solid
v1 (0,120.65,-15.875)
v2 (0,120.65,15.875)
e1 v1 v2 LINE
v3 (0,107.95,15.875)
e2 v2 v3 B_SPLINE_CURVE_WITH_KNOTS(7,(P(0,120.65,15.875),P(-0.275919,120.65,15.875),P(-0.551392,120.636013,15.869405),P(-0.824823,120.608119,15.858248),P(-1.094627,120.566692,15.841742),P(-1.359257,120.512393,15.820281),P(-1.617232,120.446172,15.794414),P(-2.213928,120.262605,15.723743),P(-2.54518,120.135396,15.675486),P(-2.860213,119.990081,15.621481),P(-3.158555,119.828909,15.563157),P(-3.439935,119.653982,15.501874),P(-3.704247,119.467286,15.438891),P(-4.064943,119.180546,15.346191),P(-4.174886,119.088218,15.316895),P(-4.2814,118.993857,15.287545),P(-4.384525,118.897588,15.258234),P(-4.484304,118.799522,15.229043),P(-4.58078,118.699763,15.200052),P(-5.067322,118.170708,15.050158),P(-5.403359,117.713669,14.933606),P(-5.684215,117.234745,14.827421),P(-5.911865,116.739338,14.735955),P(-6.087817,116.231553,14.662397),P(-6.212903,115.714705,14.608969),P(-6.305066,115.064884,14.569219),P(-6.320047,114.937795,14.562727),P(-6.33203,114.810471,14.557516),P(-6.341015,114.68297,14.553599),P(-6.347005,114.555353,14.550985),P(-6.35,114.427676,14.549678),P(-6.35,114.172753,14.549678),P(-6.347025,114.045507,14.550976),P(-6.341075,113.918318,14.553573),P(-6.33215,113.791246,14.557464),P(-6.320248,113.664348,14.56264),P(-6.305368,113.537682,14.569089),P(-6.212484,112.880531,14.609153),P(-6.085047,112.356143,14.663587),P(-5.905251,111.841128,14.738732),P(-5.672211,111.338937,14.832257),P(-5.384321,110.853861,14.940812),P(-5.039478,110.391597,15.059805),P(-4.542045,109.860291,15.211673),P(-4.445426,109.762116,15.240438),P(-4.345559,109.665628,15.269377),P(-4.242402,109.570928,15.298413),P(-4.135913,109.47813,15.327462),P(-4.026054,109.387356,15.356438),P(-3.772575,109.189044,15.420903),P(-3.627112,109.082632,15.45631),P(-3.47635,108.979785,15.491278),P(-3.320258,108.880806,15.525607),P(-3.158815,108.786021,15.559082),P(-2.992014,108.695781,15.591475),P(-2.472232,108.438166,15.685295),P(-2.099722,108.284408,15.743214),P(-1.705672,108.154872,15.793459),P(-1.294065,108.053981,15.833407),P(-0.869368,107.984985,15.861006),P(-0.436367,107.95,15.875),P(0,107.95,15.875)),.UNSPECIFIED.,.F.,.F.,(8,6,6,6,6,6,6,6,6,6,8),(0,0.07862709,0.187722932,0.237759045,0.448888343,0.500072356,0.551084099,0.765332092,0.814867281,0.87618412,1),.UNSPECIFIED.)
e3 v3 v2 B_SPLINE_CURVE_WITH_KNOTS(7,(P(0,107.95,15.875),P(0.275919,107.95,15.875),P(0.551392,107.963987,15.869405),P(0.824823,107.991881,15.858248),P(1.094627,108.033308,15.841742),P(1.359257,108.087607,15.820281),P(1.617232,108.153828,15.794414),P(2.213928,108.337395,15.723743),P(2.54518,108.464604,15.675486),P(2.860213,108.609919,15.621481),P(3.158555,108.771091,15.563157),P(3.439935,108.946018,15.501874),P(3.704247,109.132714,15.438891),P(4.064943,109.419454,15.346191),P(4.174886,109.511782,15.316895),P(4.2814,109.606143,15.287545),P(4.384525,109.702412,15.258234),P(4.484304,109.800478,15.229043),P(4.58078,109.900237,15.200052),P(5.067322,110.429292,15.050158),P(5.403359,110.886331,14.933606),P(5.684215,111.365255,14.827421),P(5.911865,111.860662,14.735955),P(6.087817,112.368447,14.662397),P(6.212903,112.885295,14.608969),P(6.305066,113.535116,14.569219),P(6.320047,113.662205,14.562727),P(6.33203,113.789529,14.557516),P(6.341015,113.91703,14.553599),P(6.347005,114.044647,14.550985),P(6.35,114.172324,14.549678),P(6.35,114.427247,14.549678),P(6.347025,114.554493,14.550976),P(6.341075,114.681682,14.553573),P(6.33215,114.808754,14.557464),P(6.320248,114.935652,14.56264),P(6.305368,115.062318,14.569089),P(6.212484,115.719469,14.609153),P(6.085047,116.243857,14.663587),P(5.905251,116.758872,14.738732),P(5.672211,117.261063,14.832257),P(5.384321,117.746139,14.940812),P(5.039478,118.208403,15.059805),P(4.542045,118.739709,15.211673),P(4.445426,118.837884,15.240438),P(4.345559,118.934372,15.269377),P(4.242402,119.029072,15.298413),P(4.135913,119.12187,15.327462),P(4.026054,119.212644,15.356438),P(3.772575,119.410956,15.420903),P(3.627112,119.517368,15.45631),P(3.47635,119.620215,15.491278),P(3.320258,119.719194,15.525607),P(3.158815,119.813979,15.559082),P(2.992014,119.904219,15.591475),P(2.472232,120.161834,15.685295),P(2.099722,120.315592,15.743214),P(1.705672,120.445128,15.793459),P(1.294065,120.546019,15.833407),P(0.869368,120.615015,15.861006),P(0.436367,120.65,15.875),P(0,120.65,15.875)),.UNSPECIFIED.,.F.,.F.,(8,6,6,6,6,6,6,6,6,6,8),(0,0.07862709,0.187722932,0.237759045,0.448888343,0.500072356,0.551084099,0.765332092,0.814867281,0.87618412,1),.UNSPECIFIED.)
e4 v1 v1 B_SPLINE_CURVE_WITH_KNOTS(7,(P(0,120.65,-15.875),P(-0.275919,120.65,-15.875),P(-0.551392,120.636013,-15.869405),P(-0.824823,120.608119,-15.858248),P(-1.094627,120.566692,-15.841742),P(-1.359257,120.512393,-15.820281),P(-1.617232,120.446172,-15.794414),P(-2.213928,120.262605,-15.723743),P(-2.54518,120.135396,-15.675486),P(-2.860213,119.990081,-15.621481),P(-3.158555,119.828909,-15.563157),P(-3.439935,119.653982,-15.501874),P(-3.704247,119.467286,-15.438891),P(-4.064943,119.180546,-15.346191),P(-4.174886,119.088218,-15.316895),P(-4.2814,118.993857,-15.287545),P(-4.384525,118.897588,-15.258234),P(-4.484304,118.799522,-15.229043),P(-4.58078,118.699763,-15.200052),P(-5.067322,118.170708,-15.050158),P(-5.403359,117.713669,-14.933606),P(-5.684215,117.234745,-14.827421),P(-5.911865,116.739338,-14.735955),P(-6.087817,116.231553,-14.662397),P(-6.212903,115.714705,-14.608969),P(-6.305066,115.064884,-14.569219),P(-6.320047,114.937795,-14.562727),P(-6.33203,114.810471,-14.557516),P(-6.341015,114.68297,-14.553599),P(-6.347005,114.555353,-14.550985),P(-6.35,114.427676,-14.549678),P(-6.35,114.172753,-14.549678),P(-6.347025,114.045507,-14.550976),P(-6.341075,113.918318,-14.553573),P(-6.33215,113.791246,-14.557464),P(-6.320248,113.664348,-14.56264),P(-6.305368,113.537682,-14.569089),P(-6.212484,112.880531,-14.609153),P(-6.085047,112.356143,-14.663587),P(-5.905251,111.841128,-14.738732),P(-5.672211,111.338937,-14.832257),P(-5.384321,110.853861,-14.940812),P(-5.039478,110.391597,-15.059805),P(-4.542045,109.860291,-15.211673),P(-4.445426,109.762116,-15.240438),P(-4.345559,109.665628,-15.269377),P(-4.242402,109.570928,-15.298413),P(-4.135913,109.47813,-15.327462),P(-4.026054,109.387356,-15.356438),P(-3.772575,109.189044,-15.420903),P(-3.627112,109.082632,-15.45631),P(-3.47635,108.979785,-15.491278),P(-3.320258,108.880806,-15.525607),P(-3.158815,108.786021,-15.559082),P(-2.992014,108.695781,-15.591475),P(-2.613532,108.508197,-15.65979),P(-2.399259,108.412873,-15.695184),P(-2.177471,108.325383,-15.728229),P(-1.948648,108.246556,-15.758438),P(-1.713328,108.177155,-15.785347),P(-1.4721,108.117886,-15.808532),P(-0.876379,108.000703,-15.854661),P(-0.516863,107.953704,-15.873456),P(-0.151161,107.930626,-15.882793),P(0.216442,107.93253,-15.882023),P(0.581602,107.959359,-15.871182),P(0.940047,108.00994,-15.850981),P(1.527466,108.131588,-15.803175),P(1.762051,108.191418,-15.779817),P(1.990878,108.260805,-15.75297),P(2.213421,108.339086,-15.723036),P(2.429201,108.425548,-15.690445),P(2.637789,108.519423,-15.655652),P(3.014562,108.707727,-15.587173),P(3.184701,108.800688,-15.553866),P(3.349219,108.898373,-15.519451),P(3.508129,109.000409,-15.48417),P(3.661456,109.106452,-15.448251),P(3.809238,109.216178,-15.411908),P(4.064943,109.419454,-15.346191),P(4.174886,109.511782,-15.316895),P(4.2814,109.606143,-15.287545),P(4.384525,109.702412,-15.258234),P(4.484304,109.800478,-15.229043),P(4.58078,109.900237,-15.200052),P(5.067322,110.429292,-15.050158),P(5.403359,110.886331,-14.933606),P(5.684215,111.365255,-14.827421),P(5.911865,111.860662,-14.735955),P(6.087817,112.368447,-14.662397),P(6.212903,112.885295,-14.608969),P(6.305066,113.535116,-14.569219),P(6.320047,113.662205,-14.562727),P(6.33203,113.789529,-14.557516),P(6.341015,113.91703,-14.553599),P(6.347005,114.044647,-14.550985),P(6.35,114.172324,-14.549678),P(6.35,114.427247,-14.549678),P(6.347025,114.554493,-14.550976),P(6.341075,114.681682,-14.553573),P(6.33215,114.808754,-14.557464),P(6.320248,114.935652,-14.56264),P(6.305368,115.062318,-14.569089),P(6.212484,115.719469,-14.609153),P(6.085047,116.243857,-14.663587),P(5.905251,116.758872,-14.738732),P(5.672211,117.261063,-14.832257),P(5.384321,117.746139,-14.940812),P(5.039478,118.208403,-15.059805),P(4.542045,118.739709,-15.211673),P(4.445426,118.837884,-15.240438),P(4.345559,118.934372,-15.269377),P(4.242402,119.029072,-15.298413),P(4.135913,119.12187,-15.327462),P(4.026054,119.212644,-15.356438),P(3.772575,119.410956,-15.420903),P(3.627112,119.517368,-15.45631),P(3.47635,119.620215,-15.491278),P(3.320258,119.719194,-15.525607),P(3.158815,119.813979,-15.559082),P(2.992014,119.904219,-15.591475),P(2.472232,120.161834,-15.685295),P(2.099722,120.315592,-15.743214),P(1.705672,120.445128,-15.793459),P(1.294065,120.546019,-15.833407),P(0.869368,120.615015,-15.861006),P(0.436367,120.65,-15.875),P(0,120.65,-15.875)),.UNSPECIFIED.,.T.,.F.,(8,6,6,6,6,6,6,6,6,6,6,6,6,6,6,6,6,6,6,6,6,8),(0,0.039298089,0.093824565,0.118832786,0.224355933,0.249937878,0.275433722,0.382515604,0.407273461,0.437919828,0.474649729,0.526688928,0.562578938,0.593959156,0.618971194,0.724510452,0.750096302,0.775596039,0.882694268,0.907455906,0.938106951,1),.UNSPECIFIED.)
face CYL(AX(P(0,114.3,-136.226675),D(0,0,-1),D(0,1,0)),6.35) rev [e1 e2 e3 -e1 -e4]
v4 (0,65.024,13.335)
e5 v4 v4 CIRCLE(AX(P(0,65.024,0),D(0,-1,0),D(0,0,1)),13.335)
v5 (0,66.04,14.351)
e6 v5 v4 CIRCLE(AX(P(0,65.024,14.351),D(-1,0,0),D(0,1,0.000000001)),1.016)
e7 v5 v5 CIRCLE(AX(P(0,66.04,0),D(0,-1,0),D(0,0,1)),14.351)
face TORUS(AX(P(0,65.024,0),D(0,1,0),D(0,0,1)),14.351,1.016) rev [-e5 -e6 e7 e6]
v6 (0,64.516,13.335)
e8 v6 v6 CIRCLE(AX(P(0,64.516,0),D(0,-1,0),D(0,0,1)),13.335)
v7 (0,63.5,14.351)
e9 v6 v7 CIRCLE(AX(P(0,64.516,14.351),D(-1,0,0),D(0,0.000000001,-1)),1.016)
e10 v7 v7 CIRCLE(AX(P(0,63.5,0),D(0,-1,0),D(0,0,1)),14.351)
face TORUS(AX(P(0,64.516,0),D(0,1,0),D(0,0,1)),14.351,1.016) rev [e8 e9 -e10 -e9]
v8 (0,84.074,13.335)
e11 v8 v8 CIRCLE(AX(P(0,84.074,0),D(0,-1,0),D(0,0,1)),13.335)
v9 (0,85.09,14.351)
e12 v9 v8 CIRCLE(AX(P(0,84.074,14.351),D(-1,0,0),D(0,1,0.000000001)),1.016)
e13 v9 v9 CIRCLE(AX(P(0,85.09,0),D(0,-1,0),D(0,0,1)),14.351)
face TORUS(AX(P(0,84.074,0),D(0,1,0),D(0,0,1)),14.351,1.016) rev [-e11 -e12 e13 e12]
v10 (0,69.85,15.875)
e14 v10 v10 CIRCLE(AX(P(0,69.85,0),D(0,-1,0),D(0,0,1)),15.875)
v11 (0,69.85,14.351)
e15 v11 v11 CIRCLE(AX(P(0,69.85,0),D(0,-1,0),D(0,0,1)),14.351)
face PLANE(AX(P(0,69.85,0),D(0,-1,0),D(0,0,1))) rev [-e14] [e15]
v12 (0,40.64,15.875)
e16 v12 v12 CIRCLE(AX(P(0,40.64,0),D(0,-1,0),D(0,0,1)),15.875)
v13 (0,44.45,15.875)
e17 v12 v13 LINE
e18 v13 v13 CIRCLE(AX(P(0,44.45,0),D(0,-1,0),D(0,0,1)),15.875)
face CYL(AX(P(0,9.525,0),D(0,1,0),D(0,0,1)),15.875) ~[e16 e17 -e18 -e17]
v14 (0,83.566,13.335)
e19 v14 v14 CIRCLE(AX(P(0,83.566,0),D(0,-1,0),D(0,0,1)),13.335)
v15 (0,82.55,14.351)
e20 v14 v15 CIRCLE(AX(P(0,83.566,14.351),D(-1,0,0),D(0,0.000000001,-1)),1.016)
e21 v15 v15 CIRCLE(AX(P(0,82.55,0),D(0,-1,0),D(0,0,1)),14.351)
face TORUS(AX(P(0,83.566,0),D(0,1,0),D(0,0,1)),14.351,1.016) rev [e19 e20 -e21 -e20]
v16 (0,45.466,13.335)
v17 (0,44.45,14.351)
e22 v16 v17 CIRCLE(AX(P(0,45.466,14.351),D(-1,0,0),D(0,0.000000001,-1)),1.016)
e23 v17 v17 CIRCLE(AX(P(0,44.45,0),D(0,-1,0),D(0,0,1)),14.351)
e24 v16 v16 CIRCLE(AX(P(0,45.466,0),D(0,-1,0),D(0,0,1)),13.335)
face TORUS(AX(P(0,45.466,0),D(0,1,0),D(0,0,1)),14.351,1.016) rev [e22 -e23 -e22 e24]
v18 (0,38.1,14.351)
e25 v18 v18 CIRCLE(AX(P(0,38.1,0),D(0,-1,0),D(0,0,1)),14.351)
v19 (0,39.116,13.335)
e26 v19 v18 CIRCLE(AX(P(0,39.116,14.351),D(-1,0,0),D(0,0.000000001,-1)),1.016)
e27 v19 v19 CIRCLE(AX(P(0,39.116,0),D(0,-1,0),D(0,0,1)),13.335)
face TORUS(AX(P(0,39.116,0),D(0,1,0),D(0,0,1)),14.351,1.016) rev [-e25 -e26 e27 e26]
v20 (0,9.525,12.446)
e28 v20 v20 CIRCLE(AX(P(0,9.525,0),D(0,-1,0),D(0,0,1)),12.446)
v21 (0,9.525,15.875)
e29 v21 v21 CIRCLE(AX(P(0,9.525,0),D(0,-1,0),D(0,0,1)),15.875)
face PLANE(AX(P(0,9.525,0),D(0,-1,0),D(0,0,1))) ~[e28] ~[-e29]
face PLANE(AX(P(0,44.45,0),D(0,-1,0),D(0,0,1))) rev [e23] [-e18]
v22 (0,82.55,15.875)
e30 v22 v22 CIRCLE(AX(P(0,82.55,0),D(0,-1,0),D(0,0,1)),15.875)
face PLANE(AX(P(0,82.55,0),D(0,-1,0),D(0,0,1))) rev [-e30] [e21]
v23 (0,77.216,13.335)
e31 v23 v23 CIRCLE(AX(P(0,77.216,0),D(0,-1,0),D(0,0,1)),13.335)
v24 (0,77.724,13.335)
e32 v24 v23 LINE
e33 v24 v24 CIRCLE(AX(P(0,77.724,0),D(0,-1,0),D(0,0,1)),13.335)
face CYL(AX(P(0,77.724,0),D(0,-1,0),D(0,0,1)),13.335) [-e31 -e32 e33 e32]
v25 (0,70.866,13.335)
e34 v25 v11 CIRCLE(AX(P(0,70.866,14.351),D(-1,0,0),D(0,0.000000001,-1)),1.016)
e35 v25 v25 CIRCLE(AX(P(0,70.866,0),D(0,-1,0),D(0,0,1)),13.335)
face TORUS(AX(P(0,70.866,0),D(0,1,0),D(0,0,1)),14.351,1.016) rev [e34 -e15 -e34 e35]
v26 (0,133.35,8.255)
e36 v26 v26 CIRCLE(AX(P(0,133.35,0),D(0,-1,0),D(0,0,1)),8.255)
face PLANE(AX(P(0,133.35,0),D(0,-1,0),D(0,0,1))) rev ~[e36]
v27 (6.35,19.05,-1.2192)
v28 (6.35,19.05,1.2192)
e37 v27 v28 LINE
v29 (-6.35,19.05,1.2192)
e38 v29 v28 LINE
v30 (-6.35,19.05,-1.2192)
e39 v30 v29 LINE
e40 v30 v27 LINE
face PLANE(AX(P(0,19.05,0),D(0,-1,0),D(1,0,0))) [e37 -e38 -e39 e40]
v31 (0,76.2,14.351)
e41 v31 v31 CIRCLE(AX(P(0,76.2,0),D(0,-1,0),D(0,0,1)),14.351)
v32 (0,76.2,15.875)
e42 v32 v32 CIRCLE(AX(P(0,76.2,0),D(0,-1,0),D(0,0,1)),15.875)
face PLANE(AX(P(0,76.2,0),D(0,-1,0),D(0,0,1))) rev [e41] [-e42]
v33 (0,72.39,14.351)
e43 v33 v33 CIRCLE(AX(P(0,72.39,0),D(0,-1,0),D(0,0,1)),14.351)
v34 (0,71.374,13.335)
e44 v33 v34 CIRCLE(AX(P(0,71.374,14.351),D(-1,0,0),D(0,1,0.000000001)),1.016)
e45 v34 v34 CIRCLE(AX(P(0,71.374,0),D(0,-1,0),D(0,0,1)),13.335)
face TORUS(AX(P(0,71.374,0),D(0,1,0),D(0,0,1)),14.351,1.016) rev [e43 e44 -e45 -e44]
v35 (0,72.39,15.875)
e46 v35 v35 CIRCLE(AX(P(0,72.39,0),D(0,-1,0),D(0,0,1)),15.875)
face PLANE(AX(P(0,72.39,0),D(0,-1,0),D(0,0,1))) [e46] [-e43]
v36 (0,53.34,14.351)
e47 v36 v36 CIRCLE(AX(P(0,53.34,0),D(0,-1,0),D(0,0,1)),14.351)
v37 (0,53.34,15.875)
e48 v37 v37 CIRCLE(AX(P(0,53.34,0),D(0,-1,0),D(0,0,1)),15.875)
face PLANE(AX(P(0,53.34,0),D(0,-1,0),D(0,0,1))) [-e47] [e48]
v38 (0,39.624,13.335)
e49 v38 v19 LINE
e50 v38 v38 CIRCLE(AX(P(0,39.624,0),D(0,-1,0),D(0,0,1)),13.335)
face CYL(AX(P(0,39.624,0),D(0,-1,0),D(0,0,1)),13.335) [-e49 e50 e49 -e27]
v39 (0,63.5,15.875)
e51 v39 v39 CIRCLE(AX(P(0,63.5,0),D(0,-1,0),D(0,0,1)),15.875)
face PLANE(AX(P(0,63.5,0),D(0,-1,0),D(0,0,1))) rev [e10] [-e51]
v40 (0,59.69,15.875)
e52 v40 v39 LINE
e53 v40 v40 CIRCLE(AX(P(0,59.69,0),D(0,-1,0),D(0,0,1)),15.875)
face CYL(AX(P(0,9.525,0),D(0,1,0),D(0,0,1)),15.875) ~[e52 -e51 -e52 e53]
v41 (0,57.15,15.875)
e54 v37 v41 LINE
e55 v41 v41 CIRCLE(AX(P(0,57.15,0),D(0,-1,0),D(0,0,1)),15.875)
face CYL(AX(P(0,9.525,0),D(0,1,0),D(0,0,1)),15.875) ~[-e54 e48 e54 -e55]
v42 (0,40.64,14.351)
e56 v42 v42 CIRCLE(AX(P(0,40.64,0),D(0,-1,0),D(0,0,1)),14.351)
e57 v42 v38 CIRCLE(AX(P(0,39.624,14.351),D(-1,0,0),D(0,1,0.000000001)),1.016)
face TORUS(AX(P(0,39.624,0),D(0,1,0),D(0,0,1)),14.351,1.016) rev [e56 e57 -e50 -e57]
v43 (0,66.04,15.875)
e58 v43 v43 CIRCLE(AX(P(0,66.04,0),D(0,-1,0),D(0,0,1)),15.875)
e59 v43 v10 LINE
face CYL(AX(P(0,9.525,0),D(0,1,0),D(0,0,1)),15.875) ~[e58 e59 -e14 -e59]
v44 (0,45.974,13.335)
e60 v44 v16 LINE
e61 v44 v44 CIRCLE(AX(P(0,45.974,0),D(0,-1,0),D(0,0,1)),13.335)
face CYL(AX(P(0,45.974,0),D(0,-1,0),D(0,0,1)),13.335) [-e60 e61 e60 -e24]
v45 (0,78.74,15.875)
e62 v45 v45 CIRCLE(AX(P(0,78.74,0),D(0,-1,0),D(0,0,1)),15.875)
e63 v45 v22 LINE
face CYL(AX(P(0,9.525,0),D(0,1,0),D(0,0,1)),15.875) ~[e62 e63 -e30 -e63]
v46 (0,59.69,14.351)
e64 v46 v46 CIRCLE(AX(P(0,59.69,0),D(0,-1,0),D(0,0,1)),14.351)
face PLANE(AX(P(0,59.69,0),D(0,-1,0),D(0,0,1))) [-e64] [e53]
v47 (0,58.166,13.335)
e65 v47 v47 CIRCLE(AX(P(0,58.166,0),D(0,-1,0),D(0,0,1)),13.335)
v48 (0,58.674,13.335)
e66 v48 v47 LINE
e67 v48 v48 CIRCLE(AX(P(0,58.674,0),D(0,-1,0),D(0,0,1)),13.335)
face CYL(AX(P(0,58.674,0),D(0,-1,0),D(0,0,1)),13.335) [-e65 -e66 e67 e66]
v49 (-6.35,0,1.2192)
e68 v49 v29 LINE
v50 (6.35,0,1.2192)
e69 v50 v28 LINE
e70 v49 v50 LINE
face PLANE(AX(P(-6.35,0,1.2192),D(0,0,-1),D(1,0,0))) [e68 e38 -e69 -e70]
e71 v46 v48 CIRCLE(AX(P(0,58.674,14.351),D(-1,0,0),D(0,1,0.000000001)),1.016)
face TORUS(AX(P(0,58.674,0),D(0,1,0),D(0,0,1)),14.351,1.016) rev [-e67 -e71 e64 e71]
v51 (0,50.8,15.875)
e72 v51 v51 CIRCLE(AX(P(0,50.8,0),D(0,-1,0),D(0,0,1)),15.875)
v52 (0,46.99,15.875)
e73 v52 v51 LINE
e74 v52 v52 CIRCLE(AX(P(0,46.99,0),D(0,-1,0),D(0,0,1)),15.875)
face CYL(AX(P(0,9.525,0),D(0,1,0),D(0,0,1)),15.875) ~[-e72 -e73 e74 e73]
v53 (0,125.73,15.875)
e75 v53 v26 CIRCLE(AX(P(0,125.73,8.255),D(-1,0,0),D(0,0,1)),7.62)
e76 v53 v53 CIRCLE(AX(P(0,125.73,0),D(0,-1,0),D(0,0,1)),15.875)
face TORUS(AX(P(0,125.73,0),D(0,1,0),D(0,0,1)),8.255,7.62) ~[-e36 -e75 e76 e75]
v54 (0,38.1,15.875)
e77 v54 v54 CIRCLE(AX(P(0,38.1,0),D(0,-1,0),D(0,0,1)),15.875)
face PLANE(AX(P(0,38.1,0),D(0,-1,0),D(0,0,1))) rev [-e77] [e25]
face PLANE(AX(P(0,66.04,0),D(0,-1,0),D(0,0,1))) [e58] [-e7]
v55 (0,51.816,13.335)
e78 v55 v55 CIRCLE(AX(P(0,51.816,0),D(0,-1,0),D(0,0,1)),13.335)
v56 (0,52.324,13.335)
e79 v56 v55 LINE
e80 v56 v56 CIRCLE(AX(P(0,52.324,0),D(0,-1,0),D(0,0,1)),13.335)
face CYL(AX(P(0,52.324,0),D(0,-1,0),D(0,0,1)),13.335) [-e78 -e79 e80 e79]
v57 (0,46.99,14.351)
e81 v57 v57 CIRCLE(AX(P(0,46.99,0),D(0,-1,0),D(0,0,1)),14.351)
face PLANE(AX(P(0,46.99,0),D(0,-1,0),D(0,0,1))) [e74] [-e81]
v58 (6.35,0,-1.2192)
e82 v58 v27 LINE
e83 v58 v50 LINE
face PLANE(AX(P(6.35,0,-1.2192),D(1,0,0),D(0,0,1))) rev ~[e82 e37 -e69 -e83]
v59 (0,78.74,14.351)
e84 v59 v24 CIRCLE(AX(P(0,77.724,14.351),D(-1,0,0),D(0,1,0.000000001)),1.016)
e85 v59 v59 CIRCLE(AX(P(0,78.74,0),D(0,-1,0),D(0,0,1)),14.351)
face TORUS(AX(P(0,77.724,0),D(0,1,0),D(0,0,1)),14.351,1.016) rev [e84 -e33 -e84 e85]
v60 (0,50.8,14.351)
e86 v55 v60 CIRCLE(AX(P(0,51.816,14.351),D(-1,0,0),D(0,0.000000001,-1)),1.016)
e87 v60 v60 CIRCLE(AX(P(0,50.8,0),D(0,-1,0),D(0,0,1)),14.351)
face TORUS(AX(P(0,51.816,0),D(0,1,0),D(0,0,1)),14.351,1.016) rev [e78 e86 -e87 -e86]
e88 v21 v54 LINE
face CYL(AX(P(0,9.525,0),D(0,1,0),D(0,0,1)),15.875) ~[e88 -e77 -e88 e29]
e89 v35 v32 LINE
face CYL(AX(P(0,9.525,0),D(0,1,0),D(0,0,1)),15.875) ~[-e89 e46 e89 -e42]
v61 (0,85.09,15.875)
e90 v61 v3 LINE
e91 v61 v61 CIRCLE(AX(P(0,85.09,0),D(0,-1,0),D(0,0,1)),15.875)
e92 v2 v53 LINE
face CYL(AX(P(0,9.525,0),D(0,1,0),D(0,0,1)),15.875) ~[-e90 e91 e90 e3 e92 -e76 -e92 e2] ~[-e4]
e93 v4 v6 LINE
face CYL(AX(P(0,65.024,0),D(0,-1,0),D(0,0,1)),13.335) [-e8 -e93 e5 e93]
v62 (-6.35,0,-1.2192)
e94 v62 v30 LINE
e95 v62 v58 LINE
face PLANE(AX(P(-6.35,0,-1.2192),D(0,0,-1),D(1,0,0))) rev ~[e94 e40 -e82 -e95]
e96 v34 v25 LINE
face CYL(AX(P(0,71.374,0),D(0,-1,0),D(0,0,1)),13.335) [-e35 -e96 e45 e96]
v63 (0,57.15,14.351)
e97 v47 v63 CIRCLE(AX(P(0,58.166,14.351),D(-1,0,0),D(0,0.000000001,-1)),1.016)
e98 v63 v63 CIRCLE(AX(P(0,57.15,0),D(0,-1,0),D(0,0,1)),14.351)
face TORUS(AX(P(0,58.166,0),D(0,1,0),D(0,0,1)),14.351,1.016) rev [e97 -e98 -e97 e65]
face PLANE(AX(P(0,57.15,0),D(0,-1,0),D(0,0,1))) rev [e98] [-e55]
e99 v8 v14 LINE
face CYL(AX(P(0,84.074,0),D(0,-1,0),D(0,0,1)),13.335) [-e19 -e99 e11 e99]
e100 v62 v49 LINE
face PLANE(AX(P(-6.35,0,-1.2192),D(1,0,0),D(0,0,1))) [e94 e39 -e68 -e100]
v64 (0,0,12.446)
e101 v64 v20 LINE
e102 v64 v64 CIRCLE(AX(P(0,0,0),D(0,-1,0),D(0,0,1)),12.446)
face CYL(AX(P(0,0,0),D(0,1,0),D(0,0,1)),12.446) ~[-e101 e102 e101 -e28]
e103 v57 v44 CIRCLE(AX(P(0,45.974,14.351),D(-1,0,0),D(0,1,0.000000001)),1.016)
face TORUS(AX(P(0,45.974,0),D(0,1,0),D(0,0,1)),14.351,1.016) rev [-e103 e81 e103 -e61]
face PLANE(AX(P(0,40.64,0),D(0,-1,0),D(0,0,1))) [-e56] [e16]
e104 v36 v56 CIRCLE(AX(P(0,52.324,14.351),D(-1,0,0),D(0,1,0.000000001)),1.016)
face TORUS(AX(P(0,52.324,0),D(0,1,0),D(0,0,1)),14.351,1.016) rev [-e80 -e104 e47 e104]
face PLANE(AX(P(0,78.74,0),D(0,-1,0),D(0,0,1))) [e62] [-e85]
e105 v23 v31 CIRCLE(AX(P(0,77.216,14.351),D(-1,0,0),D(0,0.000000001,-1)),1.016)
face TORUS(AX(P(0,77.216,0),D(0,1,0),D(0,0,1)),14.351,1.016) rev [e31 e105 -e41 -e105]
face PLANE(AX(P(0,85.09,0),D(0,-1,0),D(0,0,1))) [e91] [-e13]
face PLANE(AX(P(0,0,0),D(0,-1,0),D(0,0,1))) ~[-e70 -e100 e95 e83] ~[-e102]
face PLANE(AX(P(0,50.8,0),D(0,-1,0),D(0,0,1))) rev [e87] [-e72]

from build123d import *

# Parameters (mm, degrees)
LPATTERN1_COUNT         = 8
LPATTERN1_PITCH         = 6.35
SKETCH3_W               = 12.7
SKETCH3_H               = 2.4384
CUT_EXTRUDE1_DEPTH      = 19.05
CUT_EXTRUDE3_DEPTH      = 136.226675461
CUT_EXTRUDE3_DEPTH_BACK = 136.226675461
SKETCH4_R               = 6.35


with BuildPart() as part:
    # Sketch1 → Revolve1 (revolve)
    with BuildSketch(Plane.XY, mode=Mode.PRIVATE) as revolve1_sk:
        with BuildLine():
            Line((0, 0), (12.446, 0))
            Line((12.446, 0), (12.446, 9.525))
            Line((12.446, 9.525), (15.875, 9.525))
            Line((15.875, 9.525), (15.875, 125.73))
            ThreePointArc((15.875, 125.73), (13.643153673, 131.118153673), (8.255, 133.35))
            Line((8.255, 133.35), (0, 133.35))
            Line((0, 133.35), (0, 0))
        make_face()
    revolve(revolve1_sk.sketch.rotate(Axis((0, 80.351573735, 0), (0, -1, 0)), 90), axis=Axis((0, 80.351573735, 0), (0, -1, 0)))

    # Sketch2 → Cut-Revolve1 (revolve, cut)
    with BuildSketch(Plane.XY, mode=Mode.PRIVATE) as cut_revolve1_sk:
        with BuildLine():
            Line((15.875, 40.64), (14.351, 40.64))
            ThreePointArc((14.351, 40.64), (13.63257951, 40.34242049), (13.335, 39.624))
            Line((13.335, 39.624), (13.335, 39.116))
            ThreePointArc((13.335, 39.116), (13.63257951, 38.39757951), (14.351, 38.1))
            Line((14.351, 38.1), (15.875, 38.1))
            Line((15.875, 38.1), (15.875, 40.64))
        make_face()
    cut_revolve1 = revolve(cut_revolve1_sk.sketch.rotate(Axis((0, 121.228829799, 0), (0, -1, 0)), 90), axis=Axis((0, 121.228829799, 0), (0, -1, 0)), mode=Mode.SUBTRACT)

    # LPattern1: Cut-Revolve1 ×8
    with Locations(*[(0, i * LPATTERN1_PITCH, 0) for i in range(1, LPATTERN1_COUNT)]):
        add(cut_revolve1, mode=Mode.SUBTRACT)

    # Sketch3 → Cut-Extrude1 (cut)
    with BuildSketch(Plane.XZ):
        Rectangle(SKETCH3_W, SKETCH3_H)
    extrude(amount=-CUT_EXTRUDE1_DEPTH, mode=Mode.SUBTRACT)

    # Sketch4 → Cut-Extrude3 (cut, two sides: drawn at the far end of the back side and taken through both)
    with BuildSketch(Plane.XY.offset(-CUT_EXTRUDE3_DEPTH_BACK)):
        with Locations(Location((0, 114.3, 0), (0, 0, 90))):
            Circle(SKETCH4_R)
    extrude(amount=CUT_EXTRUDE3_DEPTH + CUT_EXTRUDE3_DEPTH_BACK, mode=Mode.SUBTRACT)


solid = part.part
